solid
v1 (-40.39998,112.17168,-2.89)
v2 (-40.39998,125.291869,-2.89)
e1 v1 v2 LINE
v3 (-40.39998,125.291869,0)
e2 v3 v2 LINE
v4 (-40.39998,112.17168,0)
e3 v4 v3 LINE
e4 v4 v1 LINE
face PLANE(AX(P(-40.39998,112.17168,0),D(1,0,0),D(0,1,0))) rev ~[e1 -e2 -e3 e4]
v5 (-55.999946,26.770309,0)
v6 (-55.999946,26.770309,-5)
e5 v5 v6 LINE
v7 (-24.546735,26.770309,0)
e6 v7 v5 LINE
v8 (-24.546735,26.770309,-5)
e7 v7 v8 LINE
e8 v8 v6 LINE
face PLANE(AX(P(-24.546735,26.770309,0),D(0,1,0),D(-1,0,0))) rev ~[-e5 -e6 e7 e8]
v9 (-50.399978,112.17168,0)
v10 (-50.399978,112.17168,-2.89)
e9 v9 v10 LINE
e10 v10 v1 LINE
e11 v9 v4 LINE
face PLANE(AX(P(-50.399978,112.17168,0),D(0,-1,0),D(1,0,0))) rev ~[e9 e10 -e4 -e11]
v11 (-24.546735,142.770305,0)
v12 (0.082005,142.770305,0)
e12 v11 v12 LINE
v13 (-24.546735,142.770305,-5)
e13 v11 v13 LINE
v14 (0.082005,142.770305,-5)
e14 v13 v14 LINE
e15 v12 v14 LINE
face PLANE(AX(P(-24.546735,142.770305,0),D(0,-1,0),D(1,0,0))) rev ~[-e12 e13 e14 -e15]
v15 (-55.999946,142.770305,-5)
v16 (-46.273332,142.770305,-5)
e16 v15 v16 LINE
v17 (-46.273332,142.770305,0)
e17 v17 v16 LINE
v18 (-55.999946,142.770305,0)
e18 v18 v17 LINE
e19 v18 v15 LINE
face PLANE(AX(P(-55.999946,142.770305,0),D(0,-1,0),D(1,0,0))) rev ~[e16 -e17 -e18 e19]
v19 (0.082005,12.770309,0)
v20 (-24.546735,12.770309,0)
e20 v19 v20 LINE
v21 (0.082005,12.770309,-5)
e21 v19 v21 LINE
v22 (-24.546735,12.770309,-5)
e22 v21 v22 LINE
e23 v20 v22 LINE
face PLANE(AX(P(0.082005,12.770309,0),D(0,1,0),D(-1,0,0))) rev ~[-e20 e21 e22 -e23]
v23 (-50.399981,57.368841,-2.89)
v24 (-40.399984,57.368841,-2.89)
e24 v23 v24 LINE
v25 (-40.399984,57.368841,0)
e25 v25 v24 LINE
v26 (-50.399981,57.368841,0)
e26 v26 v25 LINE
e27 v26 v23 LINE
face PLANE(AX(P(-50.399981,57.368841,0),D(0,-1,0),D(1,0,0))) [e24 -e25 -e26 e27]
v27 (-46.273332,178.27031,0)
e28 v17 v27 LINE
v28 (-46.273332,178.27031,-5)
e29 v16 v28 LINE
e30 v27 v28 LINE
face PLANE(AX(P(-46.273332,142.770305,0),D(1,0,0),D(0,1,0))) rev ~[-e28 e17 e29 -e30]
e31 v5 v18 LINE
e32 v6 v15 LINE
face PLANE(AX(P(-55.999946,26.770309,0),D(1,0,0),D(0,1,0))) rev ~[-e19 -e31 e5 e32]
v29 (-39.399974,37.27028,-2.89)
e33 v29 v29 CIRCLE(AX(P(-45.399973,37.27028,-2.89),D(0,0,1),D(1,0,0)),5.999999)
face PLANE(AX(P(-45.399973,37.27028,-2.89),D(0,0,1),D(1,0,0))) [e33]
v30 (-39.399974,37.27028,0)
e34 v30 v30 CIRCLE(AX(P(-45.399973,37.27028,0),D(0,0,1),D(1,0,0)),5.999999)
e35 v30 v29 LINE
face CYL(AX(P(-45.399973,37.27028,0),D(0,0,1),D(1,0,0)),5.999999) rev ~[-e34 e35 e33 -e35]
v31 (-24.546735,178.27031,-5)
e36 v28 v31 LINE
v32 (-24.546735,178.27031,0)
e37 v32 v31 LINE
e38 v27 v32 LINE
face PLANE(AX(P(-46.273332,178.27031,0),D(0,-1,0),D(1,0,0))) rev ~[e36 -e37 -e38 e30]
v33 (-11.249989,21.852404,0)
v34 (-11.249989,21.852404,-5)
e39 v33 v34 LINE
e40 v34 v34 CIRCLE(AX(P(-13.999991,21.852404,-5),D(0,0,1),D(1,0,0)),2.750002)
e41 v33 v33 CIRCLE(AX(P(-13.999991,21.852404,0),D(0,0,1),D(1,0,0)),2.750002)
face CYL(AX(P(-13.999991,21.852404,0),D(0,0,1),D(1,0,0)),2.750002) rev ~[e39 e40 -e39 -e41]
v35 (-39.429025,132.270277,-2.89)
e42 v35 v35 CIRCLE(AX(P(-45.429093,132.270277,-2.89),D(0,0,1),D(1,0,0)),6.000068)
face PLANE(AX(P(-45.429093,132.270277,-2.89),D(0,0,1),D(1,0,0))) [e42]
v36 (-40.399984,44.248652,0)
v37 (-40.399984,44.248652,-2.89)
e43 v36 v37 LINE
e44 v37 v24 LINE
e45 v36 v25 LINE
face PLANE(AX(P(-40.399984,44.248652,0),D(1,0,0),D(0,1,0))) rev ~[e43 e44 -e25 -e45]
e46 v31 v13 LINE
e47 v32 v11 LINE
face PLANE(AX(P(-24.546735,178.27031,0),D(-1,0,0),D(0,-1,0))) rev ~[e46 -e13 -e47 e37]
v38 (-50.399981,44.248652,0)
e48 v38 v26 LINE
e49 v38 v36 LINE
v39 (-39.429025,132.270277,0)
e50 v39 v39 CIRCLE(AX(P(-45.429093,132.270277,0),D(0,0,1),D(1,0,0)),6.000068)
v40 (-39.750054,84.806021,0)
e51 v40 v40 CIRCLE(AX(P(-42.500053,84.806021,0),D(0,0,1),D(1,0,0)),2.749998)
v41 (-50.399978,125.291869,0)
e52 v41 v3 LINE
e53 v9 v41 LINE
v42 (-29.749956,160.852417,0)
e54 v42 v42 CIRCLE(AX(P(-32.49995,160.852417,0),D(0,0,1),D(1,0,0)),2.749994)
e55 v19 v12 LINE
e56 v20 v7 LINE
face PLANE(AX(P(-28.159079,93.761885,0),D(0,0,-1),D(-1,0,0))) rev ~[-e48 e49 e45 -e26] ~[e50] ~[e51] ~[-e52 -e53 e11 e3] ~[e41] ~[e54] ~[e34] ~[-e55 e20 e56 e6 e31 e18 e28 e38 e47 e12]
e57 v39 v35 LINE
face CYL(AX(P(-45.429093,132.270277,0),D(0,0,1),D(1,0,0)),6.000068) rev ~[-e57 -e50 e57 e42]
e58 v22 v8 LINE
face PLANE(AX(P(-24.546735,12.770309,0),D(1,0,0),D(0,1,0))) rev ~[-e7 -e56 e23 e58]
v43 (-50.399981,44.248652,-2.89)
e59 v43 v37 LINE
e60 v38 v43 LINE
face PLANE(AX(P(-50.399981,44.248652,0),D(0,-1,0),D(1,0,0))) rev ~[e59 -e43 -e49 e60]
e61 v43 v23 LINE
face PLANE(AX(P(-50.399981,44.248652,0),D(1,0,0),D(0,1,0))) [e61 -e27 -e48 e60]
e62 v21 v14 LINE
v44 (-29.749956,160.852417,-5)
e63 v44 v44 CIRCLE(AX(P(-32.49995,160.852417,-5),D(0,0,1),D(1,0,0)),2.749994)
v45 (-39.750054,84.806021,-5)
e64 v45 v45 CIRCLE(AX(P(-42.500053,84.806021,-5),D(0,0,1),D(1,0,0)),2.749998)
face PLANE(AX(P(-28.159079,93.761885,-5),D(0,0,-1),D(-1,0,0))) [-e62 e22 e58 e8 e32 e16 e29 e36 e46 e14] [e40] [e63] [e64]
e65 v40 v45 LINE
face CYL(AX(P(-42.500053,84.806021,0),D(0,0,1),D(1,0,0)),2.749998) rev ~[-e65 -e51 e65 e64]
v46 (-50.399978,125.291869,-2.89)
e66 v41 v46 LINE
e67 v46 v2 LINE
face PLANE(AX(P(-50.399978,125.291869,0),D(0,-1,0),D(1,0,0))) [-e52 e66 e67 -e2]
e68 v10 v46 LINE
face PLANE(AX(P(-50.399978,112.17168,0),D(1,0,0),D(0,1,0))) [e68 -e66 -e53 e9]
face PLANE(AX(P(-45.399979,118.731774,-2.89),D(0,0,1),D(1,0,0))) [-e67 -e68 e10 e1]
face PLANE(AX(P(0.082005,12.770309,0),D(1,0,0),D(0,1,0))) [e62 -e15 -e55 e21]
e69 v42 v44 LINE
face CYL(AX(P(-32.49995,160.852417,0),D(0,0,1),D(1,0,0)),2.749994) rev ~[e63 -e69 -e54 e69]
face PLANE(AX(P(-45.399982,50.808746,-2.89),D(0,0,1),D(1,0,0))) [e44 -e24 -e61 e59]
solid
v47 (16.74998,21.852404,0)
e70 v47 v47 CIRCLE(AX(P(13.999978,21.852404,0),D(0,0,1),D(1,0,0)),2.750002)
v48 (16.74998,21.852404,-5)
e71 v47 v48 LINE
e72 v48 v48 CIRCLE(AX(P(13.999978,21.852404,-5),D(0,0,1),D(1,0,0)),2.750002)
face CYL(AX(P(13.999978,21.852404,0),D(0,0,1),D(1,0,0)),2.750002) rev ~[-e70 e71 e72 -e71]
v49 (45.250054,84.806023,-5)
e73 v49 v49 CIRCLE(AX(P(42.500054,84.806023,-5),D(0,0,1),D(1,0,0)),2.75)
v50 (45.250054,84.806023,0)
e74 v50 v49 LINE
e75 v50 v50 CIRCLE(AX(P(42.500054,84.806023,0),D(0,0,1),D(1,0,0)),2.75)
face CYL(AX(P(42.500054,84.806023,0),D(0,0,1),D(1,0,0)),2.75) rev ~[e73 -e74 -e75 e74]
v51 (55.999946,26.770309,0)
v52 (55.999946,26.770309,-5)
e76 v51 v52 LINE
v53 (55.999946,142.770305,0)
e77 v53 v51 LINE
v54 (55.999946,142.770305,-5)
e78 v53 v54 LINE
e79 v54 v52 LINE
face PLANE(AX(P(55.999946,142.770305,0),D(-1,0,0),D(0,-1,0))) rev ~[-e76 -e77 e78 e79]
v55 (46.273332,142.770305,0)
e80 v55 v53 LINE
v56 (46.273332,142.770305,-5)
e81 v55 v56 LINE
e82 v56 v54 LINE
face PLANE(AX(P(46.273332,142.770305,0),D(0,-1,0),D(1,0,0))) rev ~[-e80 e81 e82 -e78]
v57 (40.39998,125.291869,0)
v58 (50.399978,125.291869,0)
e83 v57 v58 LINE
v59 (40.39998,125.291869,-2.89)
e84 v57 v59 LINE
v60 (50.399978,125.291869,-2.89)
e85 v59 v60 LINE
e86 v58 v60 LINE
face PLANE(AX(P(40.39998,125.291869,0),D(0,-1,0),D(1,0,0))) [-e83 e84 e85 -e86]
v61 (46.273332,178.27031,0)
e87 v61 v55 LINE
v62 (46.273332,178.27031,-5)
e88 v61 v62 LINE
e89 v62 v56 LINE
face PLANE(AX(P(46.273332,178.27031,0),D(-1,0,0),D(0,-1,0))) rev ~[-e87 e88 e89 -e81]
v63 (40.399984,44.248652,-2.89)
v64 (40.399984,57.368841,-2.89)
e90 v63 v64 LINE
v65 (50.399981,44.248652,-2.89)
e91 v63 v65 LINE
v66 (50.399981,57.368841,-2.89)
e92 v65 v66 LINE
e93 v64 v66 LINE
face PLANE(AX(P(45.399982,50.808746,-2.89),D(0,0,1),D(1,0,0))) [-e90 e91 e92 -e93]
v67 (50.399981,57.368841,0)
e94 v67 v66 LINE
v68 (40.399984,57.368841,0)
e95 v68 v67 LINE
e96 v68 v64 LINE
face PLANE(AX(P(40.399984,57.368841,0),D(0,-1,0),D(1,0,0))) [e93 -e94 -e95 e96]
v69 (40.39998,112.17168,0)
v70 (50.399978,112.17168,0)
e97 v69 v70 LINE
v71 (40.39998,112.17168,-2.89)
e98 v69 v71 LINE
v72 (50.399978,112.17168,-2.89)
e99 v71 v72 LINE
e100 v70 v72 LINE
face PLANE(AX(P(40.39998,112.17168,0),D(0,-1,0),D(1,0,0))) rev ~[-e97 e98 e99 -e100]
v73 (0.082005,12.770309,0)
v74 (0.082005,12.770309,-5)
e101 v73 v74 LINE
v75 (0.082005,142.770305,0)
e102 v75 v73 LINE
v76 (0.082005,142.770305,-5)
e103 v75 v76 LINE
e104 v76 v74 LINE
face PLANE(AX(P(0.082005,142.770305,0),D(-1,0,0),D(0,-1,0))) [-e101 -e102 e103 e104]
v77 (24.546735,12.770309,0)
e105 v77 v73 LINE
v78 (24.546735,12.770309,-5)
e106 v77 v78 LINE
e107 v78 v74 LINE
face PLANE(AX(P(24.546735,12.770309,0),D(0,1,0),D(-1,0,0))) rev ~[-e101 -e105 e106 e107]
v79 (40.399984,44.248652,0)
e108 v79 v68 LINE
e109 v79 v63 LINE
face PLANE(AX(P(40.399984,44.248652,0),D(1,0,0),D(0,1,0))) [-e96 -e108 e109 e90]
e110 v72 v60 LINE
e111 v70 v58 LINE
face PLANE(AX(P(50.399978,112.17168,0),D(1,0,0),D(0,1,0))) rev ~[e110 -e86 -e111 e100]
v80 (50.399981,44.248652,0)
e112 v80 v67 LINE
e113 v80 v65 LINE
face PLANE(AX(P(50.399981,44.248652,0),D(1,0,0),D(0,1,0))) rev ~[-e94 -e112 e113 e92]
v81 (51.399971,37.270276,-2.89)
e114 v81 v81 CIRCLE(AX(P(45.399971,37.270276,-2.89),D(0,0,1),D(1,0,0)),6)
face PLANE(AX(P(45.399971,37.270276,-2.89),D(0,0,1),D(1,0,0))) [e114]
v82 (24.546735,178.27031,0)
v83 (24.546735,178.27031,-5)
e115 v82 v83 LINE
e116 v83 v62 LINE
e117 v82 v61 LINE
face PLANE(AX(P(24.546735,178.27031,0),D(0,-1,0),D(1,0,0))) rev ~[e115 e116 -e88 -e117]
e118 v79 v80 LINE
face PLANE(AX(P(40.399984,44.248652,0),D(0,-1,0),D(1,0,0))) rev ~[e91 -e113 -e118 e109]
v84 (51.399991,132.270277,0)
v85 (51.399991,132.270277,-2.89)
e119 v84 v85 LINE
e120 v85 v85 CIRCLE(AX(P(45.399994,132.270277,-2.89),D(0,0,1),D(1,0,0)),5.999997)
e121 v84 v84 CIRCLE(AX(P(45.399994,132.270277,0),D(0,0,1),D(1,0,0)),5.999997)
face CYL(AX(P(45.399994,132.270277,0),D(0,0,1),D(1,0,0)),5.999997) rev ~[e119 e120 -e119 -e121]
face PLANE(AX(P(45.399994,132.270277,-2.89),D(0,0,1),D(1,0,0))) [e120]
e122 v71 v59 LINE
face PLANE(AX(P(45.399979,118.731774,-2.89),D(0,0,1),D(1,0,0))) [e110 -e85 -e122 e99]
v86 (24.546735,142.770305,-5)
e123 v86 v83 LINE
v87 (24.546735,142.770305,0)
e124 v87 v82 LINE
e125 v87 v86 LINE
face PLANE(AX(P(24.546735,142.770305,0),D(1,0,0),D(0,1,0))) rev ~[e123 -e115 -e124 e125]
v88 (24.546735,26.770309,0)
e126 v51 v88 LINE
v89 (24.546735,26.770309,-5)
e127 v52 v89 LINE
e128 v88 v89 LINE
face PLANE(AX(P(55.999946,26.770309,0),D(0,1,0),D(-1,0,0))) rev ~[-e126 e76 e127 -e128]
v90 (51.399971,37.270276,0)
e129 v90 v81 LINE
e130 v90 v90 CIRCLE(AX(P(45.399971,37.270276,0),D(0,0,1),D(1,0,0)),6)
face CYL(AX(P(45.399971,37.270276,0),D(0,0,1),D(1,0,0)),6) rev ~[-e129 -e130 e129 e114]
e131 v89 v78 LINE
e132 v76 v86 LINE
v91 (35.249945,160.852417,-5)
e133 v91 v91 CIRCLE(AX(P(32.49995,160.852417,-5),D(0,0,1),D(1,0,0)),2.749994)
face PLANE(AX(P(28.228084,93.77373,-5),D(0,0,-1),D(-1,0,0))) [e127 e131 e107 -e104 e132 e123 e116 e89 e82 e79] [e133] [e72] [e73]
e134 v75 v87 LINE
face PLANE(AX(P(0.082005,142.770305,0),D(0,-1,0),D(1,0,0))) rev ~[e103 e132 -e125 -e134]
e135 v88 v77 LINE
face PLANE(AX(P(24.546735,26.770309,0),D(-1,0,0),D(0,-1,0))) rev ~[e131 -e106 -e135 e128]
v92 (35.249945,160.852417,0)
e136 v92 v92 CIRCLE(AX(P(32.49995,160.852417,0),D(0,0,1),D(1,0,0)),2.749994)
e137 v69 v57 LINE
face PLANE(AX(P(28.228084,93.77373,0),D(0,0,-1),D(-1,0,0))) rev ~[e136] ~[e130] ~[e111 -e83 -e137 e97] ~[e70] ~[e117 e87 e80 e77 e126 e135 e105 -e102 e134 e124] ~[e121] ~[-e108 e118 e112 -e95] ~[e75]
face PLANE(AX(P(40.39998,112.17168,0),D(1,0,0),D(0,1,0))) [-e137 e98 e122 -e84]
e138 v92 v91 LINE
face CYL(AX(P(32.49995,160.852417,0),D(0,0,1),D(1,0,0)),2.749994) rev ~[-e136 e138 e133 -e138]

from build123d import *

# Parameters (mm, degrees)
BOSS_EXTRUDE1_DEPTH = 5
SKETCH3_R           = 2.750001848
SKETCH3_R_2         = 2.749998122
SKETCH3_R_3         = 2.749994397
CUT_EXTRUDE1_DEPTH  = 187.925914257
SKETCH4_R           = 5.999999003
SKETCH4_R_2         = 6.000067841
SKETCH4_W           = 9.999997914
SKETCH4_H           = 13.120189309
CUT_EXTRUDE4_DEPTH  = 2.89
BOSS_EXTRUDE2_DEPTH = 5
SKETCH6_R           = 2.749994397
SKETCH6_R_2         = 2.750000188
SKETCH6_R_3         = 2.750001848
CUT_EXTRUDE5_DEPTH  = 187.925914257
SKETCH7_R           = 5.999997258
SKETCH7_R_2         = 5.99999962
SKETCH7_W           = 9.999997914
SKETCH7_H           = 13.120189309
CUT_EXTRUDE13_DEPTH = 2.89


with BuildPart() as part:
    # Sketch1 → Boss-Extrude1 (new body)
    with BuildSketch(Plane.XY):
        Polygon((-24.546734989, 142.770305276), (0.08200459, 142.770305276), (0.08200459, 26.770308614), (0.08200459, 12.770309113), (-24.546734989, 12.770309113), (-24.546734989, 26.770308614), (-55.999945849, 26.770308614), (-55.999945849, 142.770305276), (-46.273332089, 142.770305276), (-46.273332089, 178.270310163), (-24.546734989, 178.270310163), align=None)
    extrude(amount=-BOSS_EXTRUDE1_DEPTH)

    # Sketch3 → Cut-Extrude1 (cut, through all)
    with BuildSketch(Plane.XY):
        with Locations((-13.999991119, 21.852403879)):
            Circle(SKETCH3_R)
        with Locations((-42.500052601, 84.806021303)):
            Circle(SKETCH3_R_2)
        with Locations((-32.499950379, 160.85241735)):
            Circle(SKETCH3_R_3)
    extrude(amount=-CUT_EXTRUDE1_DEPTH, mode=Mode.SUBTRACT)

    # Sketch4 → Cut-Extrude4 (cut)
    with BuildSketch(Plane.XY):
        with Locations((-45.399973286, 37.270279719)):
            Circle(SKETCH4_R)
        with Locations((-45.429093073, 132.270276546)):
            Circle(SKETCH4_R_2)
        with Locations((-45.399982482, 50.808746368)):
            Rectangle(SKETCH4_W, SKETCH4_H)
        with Locations((-45.399978757, 118.73177439)):
            Rectangle(SKETCH4_W, SKETCH4_H)
    extrude(amount=-CUT_EXTRUDE4_DEPTH, mode=Mode.SUBTRACT)


with BuildPart() as body_2:
    # Sketch5 → Boss-Extrude2 (new body)
    with BuildSketch(Plane.XY):
        Polygon((46.273332089, 142.770305276), (55.999945849, 142.770305276), (55.999945849, 26.770308614), (24.546734989, 26.770308614), (24.546734989, 12.770309113), (0.08200459, 12.770309113), (0.08200459, 26.770308614), (0.08200459, 142.770305276), (24.546734989, 142.770305276), (24.546734989, 178.270310163), (46.273332089, 178.270310163), align=None)
    extrude(amount=-BOSS_EXTRUDE2_DEPTH)

    # Sketch6 → Cut-Extrude5 (cut, through all)
    with BuildSketch(Plane.XY):
        with Locations((32.499950267, 160.85241735)):
            Circle(SKETCH6_R)
        with Locations((42.50005426, 84.806023369)):
            Circle(SKETCH6_R_2)
        with Locations((13.999977744, 21.852403879)):
            Circle(SKETCH6_R_3)
    extrude(amount=-CUT_EXTRUDE5_DEPTH, mode=Mode.SUBTRACT)

    # Sketch7 → Cut-Extrude13 (cut)
    with BuildSketch(Plane.XY):
        with Locations((45.399993658, 132.270276546)):
            Circle(SKETCH7_R)
        with Locations((45.399971013, 37.270276375)):
            Circle(SKETCH7_R_2)
        with Locations((45.399978757, 118.73177439)):
            Rectangle(SKETCH7_W, SKETCH7_H)
        with Locations((45.399982482, 50.808746368)):
            Rectangle(SKETCH7_W, SKETCH7_H)
    extrude(amount=-CUT_EXTRUDE13_DEPTH, mode=Mode.SUBTRACT)


solid = Compound([part.part, body_2.part])
